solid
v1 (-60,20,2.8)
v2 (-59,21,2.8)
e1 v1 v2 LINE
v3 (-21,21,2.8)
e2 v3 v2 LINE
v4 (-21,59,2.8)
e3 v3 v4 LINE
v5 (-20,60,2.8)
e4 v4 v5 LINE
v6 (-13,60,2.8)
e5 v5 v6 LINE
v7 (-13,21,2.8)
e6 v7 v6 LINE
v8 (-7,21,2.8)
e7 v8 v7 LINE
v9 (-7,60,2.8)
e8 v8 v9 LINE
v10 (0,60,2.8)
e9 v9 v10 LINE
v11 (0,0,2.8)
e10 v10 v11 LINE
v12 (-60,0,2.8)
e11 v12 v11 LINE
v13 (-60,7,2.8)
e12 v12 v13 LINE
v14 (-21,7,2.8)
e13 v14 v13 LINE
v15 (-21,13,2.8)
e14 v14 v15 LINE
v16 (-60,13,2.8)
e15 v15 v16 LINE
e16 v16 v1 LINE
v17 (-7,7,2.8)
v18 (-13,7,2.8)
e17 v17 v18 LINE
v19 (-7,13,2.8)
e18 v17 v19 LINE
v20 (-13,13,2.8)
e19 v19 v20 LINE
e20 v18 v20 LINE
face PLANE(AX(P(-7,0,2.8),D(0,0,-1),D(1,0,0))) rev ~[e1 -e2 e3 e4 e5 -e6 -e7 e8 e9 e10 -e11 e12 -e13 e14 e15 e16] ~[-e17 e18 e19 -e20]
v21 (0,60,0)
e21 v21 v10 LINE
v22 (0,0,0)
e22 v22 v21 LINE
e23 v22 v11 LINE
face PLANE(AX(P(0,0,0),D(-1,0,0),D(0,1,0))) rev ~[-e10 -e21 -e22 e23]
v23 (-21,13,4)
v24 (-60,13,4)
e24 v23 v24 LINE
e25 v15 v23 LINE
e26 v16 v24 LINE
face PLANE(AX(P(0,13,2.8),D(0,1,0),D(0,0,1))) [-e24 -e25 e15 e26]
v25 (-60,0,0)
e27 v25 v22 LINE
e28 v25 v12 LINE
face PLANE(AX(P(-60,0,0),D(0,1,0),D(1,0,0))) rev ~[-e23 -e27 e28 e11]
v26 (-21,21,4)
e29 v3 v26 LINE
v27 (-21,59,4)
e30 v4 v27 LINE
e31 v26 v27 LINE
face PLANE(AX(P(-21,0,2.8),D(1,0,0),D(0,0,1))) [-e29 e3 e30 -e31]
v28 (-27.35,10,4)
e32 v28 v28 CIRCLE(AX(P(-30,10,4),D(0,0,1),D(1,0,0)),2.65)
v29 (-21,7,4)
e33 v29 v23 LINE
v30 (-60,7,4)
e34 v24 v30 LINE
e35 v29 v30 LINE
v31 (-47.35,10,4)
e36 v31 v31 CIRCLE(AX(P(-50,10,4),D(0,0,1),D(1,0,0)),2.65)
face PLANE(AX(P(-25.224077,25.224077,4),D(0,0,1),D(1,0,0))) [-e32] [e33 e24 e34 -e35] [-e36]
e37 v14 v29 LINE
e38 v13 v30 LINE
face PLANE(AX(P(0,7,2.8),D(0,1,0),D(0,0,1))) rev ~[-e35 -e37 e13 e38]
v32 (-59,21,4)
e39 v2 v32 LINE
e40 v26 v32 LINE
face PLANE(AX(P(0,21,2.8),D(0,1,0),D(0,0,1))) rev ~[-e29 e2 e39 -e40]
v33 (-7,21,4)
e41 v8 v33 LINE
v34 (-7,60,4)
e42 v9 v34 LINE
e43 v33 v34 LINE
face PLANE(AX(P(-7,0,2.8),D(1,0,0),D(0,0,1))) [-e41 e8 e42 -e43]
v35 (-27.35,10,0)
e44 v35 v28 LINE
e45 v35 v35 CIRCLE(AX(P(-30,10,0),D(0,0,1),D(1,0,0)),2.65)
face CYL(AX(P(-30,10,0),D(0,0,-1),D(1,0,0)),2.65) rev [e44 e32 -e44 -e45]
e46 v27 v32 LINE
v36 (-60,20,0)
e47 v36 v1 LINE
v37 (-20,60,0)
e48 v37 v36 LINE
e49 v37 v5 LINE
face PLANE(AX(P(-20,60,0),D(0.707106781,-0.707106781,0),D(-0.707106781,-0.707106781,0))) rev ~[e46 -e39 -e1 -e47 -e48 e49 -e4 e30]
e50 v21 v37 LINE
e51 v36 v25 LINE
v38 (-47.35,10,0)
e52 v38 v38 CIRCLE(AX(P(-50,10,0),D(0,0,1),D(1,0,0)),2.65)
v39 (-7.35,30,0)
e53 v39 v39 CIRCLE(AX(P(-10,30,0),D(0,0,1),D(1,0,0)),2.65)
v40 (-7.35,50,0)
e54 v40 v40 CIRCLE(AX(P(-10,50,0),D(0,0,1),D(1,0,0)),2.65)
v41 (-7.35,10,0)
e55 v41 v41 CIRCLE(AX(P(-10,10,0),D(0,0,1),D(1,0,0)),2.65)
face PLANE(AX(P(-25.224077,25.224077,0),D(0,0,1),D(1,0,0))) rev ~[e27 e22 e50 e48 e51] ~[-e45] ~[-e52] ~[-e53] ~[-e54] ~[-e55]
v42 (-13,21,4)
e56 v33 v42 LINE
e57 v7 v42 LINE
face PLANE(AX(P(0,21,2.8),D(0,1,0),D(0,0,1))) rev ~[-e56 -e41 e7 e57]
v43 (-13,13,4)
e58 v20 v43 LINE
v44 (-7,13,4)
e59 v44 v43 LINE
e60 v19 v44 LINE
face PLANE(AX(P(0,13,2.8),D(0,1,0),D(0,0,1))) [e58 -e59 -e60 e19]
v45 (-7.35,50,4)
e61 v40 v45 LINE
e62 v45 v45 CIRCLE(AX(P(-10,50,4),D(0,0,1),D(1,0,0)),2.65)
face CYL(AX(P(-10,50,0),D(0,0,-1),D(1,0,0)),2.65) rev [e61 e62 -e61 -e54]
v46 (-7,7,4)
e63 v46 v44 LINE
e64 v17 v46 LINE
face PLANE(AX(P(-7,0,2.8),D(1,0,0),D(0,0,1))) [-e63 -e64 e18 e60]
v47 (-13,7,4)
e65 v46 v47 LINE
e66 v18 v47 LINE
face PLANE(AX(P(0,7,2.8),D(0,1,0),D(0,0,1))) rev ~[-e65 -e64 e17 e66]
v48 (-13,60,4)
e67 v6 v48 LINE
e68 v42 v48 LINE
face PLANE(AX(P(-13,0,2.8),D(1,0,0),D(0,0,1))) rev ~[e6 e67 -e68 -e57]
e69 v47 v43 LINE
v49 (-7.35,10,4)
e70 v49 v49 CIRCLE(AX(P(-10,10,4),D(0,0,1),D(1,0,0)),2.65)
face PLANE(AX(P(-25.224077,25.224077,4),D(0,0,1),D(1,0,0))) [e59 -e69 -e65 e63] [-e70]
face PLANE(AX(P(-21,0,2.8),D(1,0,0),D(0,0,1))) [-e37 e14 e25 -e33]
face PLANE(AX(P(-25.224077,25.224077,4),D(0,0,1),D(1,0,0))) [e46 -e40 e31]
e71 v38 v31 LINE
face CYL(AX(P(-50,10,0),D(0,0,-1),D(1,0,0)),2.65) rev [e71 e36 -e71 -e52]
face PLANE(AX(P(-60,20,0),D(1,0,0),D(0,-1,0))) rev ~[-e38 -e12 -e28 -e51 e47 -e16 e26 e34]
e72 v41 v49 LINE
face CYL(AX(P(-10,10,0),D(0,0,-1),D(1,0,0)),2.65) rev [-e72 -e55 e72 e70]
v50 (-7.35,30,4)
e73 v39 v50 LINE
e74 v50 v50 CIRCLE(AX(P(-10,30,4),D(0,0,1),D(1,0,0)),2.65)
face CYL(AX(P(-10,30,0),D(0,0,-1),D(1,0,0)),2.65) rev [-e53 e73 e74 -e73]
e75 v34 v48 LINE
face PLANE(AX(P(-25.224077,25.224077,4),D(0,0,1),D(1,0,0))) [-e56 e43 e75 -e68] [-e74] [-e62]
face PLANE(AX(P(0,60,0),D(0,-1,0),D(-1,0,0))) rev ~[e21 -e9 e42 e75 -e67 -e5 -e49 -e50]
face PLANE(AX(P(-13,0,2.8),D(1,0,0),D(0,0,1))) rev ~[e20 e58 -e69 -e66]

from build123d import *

# Parameters (mm, degrees)
SKETCH_R        = 2.65
PAD_DEPTH       = 4
SKETCH001_W     = 7
SKETCH001_H     = 1.2
SKETCH001_W_2   = 8
POCKET_DEPTH    = 60.001
SKETCH002_W     = 7
SKETCH002_H     = 1.2
SKETCH002_W_2   = 8
POCKET001_DEPTH = 60.001


with BuildPart() as part:
    # Sketch → Pad (new body)
    with BuildSketch(Plane.XY):
        Polygon((0, 0), (0, 60), (-20, 60), (-60, 20), (-60, 0), align=None)
        with Locations((-50, 10)):
            Circle(SKETCH_R, mode=Mode.SUBTRACT)
        with Locations((-10, 10)):
            Circle(SKETCH_R, mode=Mode.SUBTRACT)
        with Locations((-30, 10)):
            Circle(SKETCH_R, mode=Mode.SUBTRACT)
        with Locations((-10, 50)):
            Circle(SKETCH_R, mode=Mode.SUBTRACT)
        with Locations((-10, 30)):
            Circle(SKETCH_R, mode=Mode.SUBTRACT)
    extrude(amount=PAD_DEPTH)

    # Sketch001 → Pocket (cut, through all)
    with BuildSketch(Plane.XZ):
        with Locations((-3.5, 3.4)):
            Rectangle(SKETCH001_W, SKETCH001_H)
        with Locations((-17, 3.4)):
            Rectangle(SKETCH001_W_2, SKETCH001_H)
    extrude(amount=-POCKET_DEPTH, mode=Mode.SUBTRACT)

    # Sketch002 → Pocket001 (cut, through all)
    with BuildSketch(Plane.YZ):
        with Locations((3.5, 3.4)):
            Rectangle(SKETCH002_W, SKETCH002_H)
        with Locations((17, 3.4)):
            Rectangle(SKETCH002_W_2, SKETCH002_H)
    extrude(amount=-POCKET001_DEPTH, mode=Mode.SUBTRACT)


solid = part.part
